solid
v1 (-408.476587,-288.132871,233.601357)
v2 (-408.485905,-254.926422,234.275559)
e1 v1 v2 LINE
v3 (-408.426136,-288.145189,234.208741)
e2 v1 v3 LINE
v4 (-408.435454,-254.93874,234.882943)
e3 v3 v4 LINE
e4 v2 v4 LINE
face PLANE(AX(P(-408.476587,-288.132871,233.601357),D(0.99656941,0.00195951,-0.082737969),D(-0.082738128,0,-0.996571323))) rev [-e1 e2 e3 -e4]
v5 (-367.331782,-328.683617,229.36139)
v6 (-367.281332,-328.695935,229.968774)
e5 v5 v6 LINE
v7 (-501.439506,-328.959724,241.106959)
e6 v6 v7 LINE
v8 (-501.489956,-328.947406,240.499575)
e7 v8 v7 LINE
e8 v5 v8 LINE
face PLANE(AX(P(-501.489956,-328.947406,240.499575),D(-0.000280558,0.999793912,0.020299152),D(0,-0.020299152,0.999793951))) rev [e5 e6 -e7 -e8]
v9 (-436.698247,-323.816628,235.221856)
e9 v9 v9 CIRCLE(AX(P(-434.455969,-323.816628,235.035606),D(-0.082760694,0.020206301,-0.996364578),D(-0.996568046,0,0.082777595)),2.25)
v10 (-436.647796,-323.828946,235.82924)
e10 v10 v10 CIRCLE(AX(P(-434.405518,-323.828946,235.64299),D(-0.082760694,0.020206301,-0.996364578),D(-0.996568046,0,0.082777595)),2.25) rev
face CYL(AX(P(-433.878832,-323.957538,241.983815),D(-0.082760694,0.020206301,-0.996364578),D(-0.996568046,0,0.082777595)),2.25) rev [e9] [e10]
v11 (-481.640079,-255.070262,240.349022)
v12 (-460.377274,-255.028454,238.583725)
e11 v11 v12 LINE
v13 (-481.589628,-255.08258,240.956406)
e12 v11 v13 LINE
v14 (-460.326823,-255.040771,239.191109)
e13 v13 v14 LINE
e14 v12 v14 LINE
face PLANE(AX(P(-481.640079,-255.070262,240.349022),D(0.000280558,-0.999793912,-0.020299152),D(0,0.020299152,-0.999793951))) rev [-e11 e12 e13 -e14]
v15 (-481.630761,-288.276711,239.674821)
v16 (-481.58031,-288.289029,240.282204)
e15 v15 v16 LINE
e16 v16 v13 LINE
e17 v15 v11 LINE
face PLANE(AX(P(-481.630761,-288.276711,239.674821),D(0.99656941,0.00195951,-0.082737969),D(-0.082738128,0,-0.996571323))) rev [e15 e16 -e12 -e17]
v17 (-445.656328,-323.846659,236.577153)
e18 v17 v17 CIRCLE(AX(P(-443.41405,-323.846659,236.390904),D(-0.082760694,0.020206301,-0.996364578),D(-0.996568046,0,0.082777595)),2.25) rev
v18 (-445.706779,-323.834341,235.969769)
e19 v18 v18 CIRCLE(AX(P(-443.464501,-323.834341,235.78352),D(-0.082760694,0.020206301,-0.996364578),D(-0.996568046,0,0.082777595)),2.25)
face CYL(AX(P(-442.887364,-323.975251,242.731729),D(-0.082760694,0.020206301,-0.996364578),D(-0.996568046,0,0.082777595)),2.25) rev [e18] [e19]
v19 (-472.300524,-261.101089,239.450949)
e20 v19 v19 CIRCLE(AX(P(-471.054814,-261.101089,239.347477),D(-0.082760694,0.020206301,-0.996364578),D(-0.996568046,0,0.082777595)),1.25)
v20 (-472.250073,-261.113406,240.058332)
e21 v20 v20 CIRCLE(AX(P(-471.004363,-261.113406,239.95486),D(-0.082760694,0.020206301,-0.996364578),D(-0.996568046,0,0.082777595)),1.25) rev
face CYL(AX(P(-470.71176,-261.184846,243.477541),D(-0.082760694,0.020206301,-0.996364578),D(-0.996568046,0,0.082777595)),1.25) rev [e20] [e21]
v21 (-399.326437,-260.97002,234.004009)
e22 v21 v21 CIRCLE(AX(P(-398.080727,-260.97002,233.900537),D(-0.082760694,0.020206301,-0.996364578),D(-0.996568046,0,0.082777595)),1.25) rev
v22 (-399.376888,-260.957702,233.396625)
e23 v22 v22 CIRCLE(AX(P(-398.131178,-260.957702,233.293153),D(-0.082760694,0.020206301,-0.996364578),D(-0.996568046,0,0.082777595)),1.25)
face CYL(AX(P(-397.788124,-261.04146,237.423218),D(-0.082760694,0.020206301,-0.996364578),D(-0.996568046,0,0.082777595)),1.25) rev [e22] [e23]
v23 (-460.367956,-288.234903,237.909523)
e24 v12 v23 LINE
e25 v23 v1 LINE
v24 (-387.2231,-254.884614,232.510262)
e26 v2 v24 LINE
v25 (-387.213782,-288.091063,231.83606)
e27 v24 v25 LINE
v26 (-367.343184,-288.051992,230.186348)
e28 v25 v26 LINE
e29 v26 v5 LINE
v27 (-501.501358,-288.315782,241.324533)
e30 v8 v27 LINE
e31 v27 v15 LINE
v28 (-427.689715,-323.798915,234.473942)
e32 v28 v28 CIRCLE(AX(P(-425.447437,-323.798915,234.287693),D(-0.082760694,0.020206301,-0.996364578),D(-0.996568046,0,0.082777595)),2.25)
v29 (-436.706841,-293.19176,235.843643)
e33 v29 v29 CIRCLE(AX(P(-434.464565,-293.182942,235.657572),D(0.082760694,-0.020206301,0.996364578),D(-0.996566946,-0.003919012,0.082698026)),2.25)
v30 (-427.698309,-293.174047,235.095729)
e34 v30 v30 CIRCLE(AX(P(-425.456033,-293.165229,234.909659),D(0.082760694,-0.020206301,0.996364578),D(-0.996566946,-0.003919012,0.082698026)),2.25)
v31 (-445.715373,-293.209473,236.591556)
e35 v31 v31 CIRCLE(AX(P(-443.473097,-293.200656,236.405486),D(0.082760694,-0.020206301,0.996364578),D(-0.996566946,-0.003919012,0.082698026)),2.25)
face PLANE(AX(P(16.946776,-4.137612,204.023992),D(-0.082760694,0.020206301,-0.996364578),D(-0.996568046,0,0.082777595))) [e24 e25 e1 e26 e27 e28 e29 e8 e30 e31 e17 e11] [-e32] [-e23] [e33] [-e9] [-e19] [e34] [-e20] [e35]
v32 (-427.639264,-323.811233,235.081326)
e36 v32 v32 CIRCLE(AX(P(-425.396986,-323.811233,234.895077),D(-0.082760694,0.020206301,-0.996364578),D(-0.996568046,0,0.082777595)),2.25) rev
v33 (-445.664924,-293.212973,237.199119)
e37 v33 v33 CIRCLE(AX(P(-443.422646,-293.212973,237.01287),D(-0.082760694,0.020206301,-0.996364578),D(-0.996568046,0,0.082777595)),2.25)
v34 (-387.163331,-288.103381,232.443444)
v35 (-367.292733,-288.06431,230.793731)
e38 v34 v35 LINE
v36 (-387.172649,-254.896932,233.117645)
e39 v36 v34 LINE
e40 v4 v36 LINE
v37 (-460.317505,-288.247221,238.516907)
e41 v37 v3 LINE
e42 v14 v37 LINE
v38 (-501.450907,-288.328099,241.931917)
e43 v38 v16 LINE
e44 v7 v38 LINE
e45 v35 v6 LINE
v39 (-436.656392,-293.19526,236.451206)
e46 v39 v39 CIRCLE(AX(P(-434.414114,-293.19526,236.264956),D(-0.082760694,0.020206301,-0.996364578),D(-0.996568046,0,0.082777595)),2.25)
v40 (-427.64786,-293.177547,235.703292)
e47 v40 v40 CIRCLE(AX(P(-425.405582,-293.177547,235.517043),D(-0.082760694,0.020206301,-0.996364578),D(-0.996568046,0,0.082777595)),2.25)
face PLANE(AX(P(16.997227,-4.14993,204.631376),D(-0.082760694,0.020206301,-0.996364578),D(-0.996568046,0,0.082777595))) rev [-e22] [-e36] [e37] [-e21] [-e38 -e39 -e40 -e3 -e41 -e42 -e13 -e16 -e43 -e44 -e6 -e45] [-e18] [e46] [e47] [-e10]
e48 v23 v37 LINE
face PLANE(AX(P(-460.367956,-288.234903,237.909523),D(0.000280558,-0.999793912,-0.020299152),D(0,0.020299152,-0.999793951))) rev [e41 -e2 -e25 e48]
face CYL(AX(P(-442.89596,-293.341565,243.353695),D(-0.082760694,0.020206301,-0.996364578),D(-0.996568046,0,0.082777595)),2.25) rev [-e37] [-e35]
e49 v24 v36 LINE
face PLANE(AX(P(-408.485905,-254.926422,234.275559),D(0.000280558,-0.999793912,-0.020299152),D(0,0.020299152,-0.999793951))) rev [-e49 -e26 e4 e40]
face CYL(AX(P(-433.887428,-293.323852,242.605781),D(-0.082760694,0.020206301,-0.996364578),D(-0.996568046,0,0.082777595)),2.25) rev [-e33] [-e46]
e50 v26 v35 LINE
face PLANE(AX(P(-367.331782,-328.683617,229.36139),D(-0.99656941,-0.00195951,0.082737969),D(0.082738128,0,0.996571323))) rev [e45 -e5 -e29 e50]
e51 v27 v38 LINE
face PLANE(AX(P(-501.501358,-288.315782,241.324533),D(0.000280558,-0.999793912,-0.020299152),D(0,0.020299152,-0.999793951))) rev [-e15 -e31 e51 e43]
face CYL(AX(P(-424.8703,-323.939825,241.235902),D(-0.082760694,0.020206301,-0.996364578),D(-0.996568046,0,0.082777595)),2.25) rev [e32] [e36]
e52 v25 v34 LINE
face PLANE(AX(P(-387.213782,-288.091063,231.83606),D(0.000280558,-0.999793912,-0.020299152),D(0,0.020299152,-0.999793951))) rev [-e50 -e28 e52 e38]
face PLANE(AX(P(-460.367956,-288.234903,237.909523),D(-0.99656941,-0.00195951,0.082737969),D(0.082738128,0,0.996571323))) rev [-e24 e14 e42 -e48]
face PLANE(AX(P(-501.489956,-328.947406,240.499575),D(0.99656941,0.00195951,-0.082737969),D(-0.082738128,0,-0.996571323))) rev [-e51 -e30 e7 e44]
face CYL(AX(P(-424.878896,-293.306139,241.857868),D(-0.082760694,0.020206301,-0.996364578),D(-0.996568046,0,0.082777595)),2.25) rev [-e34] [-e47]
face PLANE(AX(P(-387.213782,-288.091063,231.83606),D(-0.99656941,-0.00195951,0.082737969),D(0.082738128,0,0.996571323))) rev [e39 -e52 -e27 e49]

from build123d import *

# Parameters (mm, degrees)
BOSS_EXTRUDE1_DEPTH = 0.6096
SKETCH5_R           = 2.25
CUT_EXTRUDE2_DEPTH  = 0.6096
SKETCH6_R           = 1.25
CUT_EXTRUDE5_DEPTH  = 0.6096
SKETCH7_R           = 1.25
CUT_EXTRUDE6_DEPTH  = 0.6096


with BuildPart() as part:
    # Sketch1 → Boss-Extrude1 (new body)
    with BuildSketch(Plane(origin=(16.997226787, -4.149929847, 204.631375634), x_dir=(0.9965694099183702, 0.001959509651517015, -0.0827379691367708), z_dir=(-0.08276069418699705, 0.02020630066742911, -0.9963645783100802))):
        Polygon((-405.631572024, 283.216979703), (-385.692572024, 283.216979703), (-385.692572024, 323.856979703), (-405.014358213, 323.856979703), (-432.414358217, 323.856979703), (-445.097076418, 323.856979703), (-465.359895626, 323.856979703), (-479.498480719, 323.856979703), (-500.373572024, 323.856979703), (-520.312572024, 323.856979703), (-520.312572024, 283.216979703), (-500.373572024, 283.216979703), (-500.373572024, 250.003685703), (-479.037572024, 250.003685703), (-479.037572024, 283.216979703), (-426.967572024, 283.216979703), (-426.967572024, 250.003685703), (-405.631572024, 250.003685703), align=None)
    extrude(amount=BOSS_EXTRUDE1_DEPTH)

    # Sketch5 → Cut-Extrude2 (cut)
    with BuildSketch(Plane(origin=(16.946775868, -4.137612086, 204.023991787), x_dir=(-0.9965694494101686, -0.0016780440853138524, 0.08274368054637986), z_dir=(-0.08276069418699686, 0.020206300667429084, -0.9963645783100801))):
        with Locations(Location((461.99617795, -318.987055127, 0), (0, 0, 0.096164523))):
            Circle(SKETCH5_R)
        with Locations(Location((452.956635294, -318.984510283, 0), (0, 0, 0.096164523))):
            Circle(SKETCH5_R)
        with Locations(Location((443.917092638, -318.981965439, 0), (0, 0, 0.096164523))):
            Circle(SKETCH5_R)
    cut_extrude2 = extrude(amount=-CUT_EXTRUDE2_DEPTH, mode=Mode.SUBTRACT)

    # Mirror1: Cut-Extrude2 across plane
    add(cut_extrude2.mirror(Plane(origin=(0.085159645, -303.474424262, -6.16154314), x_dir=(5.696257509048786e-06, -0.02029915071256955, 0.9997939509958544), z_dir=(0.00028055772663953236, -0.9997939116314238, -0.02029915151179877))), mode=Mode.SUBTRACT)

    # Sketch6 → Cut-Extrude5 (cut)
    with BuildSketch(Plane(origin=(16.946775868, -4.137612086, 204.023991787), x_dir=(-0.9965694494101686, -0.0016780440853136297, 0.08274368054637984), z_dir=(-0.08276069418699684, 0.0202063006674291, -0.9963645783100802))):
        with Locations(Location((416.50680125, -256.173836565, 0), (0, 0, 0.096164523))):
            Circle(SKETCH6_R)
    extrude(amount=-CUT_EXTRUDE5_DEPTH, mode=Mode.SUBTRACT)

    # Sketch7 → Cut-Extrude6 (cut)
    with BuildSketch(Plane(origin=(16.946775868, -4.137612086, 204.023991787), x_dir=(-0.9965694494101686, -0.0016780440853141855, 0.08274368054637984), z_dir=(-0.08276069418699686, 0.020206300667429067, -0.9963645783100802))):
        with Locations(Location((489.681466673, -256.194436956, 0), (0, 0, 0.096164523))):
            Circle(SKETCH7_R)
    extrude(amount=-CUT_EXTRUDE6_DEPTH, mode=Mode.SUBTRACT)


solid = part.part
